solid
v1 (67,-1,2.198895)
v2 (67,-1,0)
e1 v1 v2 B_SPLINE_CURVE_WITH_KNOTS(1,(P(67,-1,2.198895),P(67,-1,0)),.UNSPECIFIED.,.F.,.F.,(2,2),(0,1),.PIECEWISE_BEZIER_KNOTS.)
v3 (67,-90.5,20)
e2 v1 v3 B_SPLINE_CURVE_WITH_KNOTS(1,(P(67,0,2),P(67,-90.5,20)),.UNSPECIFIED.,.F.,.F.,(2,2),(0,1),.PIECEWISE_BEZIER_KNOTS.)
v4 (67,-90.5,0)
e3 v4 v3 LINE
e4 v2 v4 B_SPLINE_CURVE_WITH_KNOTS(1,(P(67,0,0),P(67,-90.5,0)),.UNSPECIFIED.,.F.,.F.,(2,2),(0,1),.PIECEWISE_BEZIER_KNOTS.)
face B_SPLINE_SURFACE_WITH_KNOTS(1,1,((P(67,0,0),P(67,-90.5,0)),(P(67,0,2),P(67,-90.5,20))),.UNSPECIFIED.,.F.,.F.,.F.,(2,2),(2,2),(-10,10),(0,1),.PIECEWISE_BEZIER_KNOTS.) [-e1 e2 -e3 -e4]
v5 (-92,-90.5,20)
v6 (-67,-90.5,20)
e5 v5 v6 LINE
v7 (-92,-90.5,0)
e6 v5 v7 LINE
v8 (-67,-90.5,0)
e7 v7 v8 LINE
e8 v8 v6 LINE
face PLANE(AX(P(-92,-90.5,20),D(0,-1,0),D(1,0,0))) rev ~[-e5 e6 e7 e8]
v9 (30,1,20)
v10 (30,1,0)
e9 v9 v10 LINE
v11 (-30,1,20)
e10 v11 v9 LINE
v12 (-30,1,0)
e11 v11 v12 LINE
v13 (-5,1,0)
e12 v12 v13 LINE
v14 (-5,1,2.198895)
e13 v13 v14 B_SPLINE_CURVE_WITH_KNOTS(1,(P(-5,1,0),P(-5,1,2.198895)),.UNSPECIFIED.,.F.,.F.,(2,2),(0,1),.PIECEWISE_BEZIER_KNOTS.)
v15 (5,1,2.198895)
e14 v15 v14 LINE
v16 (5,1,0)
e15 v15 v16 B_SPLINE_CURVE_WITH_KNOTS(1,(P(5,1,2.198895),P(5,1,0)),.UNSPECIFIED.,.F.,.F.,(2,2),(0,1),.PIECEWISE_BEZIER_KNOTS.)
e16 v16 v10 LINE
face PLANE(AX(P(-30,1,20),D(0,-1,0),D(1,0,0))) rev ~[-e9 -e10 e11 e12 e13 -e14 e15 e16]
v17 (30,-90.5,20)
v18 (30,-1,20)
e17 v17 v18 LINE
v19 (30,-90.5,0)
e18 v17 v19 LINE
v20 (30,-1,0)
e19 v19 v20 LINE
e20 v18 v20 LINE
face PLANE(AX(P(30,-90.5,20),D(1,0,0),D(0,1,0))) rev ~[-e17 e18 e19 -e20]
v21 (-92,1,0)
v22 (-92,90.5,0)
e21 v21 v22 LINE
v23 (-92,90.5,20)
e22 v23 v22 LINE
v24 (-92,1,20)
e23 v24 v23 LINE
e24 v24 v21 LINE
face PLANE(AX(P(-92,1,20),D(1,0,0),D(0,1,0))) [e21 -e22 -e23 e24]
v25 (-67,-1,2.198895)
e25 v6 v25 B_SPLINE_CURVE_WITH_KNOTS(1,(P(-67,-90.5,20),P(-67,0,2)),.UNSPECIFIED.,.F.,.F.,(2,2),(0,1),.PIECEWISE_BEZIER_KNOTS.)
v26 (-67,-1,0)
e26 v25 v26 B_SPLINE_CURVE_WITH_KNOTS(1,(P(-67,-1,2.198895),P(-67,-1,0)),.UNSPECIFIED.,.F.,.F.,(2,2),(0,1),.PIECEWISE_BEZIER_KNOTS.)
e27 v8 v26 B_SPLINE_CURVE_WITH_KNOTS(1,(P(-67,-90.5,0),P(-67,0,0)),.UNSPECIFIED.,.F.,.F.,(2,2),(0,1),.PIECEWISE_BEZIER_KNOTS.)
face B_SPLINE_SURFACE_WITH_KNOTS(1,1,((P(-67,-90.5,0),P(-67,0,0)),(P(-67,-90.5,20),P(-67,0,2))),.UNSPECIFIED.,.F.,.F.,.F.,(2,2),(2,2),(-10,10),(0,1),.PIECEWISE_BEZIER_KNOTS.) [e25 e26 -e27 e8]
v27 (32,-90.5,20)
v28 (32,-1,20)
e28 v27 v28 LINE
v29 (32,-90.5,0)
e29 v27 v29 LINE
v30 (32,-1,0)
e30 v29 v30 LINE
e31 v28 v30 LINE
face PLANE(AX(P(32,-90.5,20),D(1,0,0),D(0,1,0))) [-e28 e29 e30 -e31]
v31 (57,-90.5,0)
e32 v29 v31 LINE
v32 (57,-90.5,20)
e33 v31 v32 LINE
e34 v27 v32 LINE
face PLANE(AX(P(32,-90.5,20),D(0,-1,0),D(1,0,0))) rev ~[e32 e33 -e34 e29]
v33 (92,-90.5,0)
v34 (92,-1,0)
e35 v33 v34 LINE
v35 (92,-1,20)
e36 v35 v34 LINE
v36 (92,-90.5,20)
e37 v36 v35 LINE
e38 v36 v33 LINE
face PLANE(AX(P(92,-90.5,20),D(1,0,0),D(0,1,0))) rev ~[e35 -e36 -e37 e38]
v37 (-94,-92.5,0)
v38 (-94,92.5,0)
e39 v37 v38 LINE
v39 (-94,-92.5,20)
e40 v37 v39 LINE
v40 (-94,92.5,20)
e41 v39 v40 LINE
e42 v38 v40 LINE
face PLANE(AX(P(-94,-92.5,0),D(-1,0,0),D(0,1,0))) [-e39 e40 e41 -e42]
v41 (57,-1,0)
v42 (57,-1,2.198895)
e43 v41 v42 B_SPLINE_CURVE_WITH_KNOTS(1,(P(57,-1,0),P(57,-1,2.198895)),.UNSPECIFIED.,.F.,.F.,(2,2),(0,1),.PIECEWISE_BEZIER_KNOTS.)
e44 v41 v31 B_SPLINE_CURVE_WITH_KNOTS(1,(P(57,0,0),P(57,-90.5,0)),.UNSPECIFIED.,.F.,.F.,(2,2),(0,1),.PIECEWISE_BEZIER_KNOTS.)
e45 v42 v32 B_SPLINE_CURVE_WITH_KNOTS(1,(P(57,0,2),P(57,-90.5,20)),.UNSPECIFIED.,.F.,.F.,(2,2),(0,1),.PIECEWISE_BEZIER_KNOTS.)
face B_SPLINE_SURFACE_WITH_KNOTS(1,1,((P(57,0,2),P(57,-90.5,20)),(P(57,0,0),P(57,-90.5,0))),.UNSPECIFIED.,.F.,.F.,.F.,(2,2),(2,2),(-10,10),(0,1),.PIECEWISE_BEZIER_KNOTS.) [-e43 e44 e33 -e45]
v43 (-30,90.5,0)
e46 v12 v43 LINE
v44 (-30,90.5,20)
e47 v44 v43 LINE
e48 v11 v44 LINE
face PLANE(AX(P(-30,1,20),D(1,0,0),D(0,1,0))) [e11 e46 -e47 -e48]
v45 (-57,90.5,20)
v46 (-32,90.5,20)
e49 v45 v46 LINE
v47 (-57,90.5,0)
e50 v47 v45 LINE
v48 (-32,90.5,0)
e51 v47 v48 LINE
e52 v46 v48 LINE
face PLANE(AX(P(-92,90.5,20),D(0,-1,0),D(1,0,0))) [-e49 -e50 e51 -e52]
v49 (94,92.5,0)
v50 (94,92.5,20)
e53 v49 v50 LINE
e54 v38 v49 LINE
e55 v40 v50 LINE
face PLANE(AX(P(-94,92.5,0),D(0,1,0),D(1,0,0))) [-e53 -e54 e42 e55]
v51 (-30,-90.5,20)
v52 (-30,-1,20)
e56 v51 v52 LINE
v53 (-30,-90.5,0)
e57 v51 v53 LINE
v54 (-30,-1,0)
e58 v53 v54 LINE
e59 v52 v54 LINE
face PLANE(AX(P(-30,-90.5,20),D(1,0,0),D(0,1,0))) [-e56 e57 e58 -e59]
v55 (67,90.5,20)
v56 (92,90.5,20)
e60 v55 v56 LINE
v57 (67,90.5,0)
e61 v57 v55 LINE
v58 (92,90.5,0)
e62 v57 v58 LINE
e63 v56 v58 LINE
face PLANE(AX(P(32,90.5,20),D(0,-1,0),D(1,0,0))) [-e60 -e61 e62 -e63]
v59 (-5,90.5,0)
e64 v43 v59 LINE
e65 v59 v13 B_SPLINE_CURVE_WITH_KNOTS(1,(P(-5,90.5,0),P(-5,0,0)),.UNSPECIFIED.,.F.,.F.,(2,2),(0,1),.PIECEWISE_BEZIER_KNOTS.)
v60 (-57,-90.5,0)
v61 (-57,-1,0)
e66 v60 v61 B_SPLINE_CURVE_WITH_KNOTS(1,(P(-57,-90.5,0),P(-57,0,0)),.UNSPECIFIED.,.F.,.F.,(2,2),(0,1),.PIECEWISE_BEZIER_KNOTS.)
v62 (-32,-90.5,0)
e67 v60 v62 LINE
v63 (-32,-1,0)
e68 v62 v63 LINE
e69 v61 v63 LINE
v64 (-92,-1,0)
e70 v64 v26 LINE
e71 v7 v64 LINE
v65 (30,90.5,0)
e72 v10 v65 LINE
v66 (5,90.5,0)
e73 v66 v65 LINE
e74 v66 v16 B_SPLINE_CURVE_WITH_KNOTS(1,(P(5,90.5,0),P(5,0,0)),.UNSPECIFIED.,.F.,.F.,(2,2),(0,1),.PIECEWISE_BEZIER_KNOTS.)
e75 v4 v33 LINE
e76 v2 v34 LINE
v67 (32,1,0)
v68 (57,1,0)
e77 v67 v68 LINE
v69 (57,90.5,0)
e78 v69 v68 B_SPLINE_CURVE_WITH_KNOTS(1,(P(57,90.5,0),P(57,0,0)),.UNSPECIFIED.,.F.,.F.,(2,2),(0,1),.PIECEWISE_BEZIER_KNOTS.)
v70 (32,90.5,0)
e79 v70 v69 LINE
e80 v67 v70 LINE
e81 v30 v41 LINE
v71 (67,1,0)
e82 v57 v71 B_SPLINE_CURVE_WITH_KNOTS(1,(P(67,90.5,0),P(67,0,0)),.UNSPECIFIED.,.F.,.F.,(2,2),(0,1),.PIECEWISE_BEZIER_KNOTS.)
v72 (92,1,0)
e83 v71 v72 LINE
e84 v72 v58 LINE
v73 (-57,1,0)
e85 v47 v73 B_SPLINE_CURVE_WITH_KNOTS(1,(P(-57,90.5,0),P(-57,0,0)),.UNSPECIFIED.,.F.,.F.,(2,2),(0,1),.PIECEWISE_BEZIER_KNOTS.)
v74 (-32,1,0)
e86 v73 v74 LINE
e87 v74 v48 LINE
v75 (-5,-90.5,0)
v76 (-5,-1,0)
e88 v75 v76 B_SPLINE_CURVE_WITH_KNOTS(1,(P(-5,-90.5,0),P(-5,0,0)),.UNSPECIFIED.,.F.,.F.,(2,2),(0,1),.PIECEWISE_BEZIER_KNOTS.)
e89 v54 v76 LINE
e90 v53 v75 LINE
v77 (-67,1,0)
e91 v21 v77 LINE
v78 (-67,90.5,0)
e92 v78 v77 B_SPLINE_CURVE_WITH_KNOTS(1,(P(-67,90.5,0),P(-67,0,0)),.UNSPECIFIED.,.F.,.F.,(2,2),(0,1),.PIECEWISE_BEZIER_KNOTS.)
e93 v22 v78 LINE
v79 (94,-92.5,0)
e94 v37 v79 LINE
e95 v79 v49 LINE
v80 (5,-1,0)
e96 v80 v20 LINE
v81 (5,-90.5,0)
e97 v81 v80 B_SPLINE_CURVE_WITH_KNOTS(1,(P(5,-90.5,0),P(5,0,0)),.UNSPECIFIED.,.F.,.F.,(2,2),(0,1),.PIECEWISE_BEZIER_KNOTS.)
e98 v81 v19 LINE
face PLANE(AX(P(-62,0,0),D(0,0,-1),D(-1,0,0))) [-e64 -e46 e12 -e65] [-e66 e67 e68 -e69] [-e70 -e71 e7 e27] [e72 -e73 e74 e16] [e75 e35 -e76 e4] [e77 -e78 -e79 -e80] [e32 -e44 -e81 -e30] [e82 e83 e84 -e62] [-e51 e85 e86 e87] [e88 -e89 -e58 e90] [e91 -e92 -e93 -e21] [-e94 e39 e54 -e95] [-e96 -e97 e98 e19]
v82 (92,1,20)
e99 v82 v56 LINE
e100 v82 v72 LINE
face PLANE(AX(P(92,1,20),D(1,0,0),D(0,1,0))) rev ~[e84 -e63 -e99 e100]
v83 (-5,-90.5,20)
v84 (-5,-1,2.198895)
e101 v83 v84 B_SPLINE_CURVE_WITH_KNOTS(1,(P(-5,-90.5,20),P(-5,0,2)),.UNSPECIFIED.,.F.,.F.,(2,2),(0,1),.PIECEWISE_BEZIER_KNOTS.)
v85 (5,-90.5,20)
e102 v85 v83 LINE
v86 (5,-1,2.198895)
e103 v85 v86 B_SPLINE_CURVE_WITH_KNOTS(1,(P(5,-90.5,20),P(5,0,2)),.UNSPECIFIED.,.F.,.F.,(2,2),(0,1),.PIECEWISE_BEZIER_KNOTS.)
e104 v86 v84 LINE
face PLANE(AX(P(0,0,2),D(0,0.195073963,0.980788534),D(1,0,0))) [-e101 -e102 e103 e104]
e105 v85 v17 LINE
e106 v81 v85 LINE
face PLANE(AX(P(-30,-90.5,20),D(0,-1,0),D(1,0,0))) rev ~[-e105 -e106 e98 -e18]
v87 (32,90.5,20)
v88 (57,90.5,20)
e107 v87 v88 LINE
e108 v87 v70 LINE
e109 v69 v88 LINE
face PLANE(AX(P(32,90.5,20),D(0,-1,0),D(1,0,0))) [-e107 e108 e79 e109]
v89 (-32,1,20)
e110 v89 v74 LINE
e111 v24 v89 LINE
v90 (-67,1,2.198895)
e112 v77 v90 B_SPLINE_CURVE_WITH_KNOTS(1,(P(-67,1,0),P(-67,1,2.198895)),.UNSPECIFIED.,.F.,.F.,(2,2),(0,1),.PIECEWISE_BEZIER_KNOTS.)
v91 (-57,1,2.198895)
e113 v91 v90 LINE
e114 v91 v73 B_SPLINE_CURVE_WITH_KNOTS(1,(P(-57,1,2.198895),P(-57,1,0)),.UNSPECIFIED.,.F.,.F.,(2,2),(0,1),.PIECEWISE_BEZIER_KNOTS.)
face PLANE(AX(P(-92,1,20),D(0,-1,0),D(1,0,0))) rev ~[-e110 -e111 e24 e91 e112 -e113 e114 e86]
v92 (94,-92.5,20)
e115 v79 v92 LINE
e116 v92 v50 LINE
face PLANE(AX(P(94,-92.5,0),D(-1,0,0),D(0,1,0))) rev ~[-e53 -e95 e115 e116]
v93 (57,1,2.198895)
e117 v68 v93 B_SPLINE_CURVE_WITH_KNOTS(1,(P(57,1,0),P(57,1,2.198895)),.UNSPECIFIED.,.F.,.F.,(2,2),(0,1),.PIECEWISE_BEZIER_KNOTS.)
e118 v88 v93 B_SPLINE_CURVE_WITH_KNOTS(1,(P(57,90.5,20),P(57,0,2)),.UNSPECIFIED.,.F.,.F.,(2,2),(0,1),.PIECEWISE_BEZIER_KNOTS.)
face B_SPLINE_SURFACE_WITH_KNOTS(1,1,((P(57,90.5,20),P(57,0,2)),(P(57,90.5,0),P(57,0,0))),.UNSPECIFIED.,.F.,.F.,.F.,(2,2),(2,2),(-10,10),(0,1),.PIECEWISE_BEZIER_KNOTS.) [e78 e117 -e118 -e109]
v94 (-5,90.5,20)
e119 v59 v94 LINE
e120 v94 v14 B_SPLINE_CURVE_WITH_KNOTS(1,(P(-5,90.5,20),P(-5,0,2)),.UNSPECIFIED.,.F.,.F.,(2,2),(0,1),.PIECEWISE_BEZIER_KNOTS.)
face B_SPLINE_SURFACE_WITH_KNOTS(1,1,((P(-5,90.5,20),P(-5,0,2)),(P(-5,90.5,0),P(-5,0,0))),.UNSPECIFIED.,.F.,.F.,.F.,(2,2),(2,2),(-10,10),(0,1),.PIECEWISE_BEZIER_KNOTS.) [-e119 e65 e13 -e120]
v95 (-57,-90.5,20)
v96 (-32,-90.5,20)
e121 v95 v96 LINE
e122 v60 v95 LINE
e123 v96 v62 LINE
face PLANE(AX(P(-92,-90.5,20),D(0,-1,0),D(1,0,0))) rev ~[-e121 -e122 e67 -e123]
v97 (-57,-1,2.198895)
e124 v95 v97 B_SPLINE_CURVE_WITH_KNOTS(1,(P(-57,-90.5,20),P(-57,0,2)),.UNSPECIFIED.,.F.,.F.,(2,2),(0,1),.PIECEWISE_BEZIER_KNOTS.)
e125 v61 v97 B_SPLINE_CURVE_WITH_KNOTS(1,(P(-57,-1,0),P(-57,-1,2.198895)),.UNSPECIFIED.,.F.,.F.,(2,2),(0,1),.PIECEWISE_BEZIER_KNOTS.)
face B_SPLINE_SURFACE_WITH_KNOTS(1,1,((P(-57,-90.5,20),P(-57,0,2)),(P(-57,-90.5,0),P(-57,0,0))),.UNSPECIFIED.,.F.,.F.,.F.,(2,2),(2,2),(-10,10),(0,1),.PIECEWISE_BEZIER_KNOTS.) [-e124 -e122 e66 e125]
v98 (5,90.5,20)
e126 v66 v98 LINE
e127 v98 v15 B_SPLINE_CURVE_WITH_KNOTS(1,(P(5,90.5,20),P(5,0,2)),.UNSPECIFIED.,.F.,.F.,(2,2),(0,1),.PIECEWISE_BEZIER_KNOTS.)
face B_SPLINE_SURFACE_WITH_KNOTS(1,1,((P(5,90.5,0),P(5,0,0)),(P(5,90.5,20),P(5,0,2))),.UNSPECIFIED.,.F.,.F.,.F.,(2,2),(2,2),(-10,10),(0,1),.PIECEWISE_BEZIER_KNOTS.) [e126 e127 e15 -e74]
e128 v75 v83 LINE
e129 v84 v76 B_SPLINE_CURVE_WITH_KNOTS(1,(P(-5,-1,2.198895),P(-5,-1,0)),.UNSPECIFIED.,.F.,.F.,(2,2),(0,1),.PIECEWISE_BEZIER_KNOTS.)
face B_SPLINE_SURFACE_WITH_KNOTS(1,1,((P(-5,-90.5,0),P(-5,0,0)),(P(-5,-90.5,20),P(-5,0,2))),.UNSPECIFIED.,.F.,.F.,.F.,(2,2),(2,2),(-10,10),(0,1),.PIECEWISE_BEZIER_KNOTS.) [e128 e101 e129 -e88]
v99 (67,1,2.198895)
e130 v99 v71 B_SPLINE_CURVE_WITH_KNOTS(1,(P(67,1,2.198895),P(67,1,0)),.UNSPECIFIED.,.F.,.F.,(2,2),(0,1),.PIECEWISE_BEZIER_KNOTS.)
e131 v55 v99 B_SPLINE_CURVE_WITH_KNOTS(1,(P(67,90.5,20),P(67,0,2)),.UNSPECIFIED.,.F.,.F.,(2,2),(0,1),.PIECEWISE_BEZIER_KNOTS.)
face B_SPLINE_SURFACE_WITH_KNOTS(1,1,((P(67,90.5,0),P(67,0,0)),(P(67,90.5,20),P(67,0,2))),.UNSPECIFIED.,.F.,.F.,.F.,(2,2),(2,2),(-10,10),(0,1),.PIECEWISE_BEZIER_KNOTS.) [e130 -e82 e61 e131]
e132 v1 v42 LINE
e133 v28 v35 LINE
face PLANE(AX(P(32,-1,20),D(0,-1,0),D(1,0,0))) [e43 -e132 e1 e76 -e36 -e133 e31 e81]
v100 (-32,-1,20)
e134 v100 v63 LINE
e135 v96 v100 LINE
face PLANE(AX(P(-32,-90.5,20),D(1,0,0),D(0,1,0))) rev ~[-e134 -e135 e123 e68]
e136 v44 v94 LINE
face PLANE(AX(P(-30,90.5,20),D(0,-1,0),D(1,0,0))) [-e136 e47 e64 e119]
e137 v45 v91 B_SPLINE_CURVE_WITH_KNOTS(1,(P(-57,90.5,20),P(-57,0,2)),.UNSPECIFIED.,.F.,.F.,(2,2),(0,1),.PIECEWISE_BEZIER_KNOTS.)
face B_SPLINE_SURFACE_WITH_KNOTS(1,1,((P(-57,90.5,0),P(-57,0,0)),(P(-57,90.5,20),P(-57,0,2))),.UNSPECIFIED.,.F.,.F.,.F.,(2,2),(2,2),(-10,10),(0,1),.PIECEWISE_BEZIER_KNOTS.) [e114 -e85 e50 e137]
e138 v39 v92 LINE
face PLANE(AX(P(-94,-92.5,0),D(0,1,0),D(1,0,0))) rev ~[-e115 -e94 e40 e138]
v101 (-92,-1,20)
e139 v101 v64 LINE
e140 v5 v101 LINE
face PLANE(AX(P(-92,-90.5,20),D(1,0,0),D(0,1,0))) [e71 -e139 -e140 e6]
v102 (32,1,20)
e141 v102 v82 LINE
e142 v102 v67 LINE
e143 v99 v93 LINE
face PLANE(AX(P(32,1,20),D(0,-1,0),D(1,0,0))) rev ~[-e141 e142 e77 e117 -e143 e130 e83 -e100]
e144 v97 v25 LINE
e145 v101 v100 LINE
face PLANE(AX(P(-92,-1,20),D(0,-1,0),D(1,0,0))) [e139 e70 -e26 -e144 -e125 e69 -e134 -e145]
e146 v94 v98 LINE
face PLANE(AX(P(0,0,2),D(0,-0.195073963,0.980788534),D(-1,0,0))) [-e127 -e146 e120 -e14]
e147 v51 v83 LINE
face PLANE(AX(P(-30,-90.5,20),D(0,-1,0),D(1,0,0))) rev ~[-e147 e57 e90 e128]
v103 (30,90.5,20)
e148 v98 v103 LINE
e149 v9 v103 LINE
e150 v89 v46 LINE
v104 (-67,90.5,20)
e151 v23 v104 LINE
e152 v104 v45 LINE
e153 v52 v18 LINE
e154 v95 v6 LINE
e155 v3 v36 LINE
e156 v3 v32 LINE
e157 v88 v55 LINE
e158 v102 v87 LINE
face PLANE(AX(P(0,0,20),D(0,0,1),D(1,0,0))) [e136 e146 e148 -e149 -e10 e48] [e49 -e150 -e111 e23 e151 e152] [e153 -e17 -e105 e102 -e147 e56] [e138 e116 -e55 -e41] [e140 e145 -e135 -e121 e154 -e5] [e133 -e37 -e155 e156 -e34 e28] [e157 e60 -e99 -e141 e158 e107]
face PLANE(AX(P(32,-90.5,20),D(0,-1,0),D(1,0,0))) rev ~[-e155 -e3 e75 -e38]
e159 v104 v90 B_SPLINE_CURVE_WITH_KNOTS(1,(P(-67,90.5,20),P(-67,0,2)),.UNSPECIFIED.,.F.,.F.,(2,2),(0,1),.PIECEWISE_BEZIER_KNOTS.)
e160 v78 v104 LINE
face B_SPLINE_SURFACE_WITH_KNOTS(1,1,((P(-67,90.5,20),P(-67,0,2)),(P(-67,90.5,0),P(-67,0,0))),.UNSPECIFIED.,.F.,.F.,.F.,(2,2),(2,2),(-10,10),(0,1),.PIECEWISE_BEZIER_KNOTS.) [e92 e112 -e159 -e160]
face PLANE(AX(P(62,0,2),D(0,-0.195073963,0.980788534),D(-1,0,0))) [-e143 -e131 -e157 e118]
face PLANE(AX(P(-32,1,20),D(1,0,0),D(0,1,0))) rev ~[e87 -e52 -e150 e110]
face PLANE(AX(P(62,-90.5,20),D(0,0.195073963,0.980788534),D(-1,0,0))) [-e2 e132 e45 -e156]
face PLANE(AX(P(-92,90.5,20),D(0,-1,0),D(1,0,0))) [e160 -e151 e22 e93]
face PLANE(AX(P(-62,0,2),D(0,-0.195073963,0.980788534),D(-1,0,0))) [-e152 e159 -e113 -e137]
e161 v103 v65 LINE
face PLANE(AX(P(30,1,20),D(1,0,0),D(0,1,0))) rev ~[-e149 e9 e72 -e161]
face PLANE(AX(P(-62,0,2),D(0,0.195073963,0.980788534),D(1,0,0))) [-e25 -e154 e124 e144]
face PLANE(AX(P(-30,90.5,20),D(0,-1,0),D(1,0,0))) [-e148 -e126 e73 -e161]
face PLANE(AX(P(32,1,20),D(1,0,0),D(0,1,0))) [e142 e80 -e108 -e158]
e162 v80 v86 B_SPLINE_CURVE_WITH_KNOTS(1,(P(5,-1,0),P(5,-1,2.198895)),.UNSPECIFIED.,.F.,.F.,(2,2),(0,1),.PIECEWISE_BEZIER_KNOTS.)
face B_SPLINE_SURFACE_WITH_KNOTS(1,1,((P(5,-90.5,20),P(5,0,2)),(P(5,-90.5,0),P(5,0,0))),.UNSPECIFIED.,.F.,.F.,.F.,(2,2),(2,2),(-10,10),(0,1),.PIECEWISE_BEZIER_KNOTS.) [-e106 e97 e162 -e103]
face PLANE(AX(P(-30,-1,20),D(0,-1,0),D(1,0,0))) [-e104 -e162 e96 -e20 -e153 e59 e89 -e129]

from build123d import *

# Parameters (mm, degrees)
F0_W     = 188
F0_H     = 185
F1_DEPTH = 20
F2_W     = 60
F2_H     = 89.5
F3_DEPTH = 25
F6_W     = 10
F6_H     = 20
F5_W     = 10
F5_H     = 2
F4_W     = 10
F4_H     = 20


with BuildPart() as f1:
    # F0 (on Top) → F1 (new body)
    with BuildSketch(Plane.XY):
        Rectangle(F0_W, F0_H)
    extrude(amount=F1_DEPTH)

    # F2 (on face) → F3 (cut)
    with BuildSketch(Plane.XY.offset(20)):
        with Locations((62, 45.75)):
            Rectangle(F2_W, F2_H)
        with Locations((0, 45.75)):
            Rectangle(F2_W, F2_H)
        with Locations((-62, 45.75)):
            Rectangle(F2_W, F2_H)
        with Locations((62, -45.75)):
            Rectangle(F2_W, F2_H)
        with Locations((0, -45.75)):
            Rectangle(F2_W, F2_H)
        with Locations((-62, -45.75)):
            Rectangle(F2_W, F2_H)
    extrude(amount=-F3_DEPTH, mode=Mode.SUBTRACT)

    # F6 (on face) → F8 section 0
    with BuildSketch(Plane.XZ.offset(-90.5)):
        with Locations((-62, 10)):
            Rectangle(F6_W, F6_H)
    # F5 (on Front) → F8 section 1
    with BuildSketch(Plane.XZ):
        with Locations((-62, 1)):
            Rectangle(F5_W, F5_H)
    loft()

    # F6 (on face) → F9 section 0
    with BuildSketch(Plane.XZ.offset(-90.5)):
        with Locations((0, 10)):
            Rectangle(F6_W, F6_H)
    # F5 (on Front) → F9 section 1
    with BuildSketch(Plane.XZ):
        with Locations((0, 1)):
            Rectangle(F5_W, F5_H)
    loft()

    # F6 (on face) → F10 section 0
    with BuildSketch(Plane.XZ.offset(-90.5)):
        with Locations((62, 10)):
            Rectangle(F6_W, F6_H)
    # F5 (on Front) → F10 section 1
    with BuildSketch(Plane.XZ):
        with Locations((62, 1)):
            Rectangle(F5_W, F5_H)
    loft()

    # F5 (on Front) → F11 section 0
    with BuildSketch(Plane.XZ):
        with Locations((62, 1)):
            Rectangle(F5_W, F5_H)
    # F4 (on face) → F11 section 1
    with BuildSketch(Plane(origin=(0, -90.5, 0), x_dir=(-1, 0, 0), z_dir=(0, 1, 0))):
        with Locations((-62, 10)):
            Rectangle(F4_W, F4_H)
    loft()

    # F4 (on face) → F12 section 0
    with BuildSketch(Plane(origin=(0, -90.5, 0), x_dir=(-1, 0, 0), z_dir=(0, 1, 0))):
        with Locations((0, 10)):
            Rectangle(F4_W, F4_H)
    # F5 (on Front) → F12 section 1
    with BuildSketch(Plane.XZ):
        with Locations((0, 1)):
            Rectangle(F5_W, F5_H)
    loft()

    # F4 (on face) → F13 section 0
    with BuildSketch(Plane(origin=(0, -90.5, 0), x_dir=(-1, 0, 0), z_dir=(0, 1, 0))):
        with Locations((62, 10)):
            Rectangle(F4_W, F4_H)
    # F5 (on Front) → F13 section 1
    with BuildSketch(Plane.XZ):
        with Locations((-62, 1)):
            Rectangle(F5_W, F5_H)
    loft()


solid = f1.part
